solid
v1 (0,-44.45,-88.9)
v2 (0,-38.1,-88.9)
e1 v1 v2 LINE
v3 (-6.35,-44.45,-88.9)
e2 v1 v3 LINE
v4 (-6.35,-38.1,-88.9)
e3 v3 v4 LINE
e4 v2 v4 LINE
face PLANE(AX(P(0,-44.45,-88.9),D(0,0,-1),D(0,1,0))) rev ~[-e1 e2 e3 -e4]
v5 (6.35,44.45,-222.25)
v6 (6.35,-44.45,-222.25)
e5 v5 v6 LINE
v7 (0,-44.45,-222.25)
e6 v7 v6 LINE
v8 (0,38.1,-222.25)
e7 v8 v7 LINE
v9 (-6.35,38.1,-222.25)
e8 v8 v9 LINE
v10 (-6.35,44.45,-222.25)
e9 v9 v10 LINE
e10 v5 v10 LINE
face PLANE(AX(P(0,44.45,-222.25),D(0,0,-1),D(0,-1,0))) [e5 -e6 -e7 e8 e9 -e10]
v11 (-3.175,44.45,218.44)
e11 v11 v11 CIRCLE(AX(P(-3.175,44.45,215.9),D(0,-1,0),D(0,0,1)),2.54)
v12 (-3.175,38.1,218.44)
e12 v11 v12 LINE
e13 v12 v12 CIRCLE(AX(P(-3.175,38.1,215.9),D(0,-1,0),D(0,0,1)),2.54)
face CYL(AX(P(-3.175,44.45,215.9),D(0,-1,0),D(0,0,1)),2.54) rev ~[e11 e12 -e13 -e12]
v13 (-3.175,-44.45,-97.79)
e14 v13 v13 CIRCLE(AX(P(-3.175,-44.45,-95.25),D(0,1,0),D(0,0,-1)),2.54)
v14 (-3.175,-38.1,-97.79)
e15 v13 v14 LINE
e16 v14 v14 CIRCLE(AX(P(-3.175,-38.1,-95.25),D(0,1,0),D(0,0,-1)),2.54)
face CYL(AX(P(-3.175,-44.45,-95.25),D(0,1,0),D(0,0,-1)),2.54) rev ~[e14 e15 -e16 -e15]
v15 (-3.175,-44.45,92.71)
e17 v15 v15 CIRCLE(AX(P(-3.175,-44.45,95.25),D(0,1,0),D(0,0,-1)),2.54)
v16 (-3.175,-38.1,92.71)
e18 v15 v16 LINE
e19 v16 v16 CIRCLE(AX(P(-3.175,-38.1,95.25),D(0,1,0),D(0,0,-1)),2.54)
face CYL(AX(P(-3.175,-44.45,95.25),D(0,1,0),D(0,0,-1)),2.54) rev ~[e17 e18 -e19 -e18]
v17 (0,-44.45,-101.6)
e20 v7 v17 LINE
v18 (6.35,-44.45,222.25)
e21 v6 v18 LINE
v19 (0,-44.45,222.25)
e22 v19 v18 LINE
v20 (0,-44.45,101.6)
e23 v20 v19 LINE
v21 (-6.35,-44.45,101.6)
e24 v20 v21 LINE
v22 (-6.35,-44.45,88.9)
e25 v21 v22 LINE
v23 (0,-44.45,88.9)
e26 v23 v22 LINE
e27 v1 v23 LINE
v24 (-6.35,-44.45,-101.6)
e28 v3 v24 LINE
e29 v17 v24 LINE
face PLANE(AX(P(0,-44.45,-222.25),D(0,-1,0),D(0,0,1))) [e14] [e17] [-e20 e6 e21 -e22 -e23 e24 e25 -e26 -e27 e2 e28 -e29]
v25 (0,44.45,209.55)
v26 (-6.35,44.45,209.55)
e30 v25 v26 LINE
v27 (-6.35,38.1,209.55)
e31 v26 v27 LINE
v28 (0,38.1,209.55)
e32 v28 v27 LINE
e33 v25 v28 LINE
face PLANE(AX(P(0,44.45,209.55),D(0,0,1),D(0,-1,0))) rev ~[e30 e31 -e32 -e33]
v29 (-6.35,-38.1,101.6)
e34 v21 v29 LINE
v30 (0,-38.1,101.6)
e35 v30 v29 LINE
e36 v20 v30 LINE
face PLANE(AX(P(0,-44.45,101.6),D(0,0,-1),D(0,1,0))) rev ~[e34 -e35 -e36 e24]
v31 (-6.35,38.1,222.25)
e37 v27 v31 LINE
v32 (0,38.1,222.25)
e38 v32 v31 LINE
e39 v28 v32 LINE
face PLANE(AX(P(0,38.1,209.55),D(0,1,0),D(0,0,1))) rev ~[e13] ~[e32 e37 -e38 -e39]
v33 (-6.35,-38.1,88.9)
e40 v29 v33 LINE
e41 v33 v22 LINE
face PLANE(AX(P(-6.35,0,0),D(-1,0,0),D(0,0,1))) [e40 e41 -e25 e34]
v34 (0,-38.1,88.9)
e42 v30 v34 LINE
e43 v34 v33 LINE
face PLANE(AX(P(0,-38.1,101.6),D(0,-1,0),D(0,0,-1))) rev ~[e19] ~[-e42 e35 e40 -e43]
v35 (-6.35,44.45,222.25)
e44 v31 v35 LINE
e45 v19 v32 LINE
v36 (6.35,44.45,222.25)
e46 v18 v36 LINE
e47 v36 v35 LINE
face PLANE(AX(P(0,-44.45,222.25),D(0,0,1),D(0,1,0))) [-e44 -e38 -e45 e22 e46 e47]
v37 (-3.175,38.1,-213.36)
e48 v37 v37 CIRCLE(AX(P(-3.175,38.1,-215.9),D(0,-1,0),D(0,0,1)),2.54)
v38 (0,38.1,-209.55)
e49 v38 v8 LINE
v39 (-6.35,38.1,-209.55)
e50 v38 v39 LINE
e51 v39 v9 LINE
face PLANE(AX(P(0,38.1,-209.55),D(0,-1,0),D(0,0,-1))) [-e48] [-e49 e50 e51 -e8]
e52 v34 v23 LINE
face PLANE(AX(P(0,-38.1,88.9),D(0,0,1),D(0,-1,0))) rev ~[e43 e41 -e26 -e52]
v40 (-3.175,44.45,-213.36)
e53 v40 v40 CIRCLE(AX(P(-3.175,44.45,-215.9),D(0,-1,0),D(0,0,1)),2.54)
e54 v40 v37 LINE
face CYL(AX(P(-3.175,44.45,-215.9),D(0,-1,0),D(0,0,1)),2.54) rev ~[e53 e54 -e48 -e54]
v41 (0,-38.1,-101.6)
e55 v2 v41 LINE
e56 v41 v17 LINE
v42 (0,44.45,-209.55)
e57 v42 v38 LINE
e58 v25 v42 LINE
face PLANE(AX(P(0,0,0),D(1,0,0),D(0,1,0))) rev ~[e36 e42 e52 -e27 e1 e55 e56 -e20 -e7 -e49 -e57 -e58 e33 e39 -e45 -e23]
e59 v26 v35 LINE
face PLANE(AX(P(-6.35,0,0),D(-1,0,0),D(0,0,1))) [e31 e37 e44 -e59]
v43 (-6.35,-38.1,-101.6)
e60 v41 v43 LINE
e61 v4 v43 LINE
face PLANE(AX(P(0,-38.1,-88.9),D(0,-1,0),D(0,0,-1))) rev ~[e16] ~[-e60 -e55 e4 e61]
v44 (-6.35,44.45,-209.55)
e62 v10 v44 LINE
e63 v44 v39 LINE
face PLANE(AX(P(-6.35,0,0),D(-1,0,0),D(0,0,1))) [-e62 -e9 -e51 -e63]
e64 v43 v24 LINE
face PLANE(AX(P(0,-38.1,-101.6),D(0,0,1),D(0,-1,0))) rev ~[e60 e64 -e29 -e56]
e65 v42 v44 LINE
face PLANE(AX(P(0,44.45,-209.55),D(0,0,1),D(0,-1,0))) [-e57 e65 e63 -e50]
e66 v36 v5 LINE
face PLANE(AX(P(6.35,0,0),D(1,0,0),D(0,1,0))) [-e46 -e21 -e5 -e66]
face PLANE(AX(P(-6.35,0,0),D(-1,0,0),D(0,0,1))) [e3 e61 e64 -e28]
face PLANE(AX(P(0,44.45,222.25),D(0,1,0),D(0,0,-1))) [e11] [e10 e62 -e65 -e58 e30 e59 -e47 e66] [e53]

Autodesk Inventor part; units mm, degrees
ref_plane "YZ Plane" through (0, 0, 0) normal (1, 0, 0) x (0, 1, 0)
ref_plane "XZ Plane" through (0, 0, 0) normal (0, 1, 0) x (-1, 0, 0)
ref_plane "XY Plane" through (0, 0, 0) normal (0, 0, 1) x (1, 0, 0)
sketch "Sketch1" plane through (0, 0, 0) normal (1, 0, 0) x (0, 1, 0)
  line L0 (-44.45, 222.25) -> (44.45, 222.25)
  line L1 (44.45, 222.25) -> (44.45, -222.25)
  line L2 (44.45, -222.25) -> (-44.45, -222.25)
  line L3 (-44.45, -222.25) -> (-44.45, 222.25)
  line L4 (-44.45, 222.25) -> (44.45, -222.25) construction
  line L5 (44.45, 222.25) -> (-44.45, -222.25) construction
  point P0 (0, 0)
  dimension "d0" = 88.9
  dimension "d1" = 444.5
extrude "Extrusion1" add sketch "Sketch1" along normal blind 6.35
sketch "Sketch2" plane through (0, 0, 0) normal (-1, 0, 0) x (0, 0, 1)
  line L0 (-222.25, -44.45) -> (-222.25, 44.45) projected
  line L1 (-222.25, 44.45) -> (-209.55, 44.45)
  line L2 (-209.55, 44.45) -> (-209.55, 38.1)
  line L3 (-209.55, 38.1) -> (-222.25, 38.1)
  line L4 (-222.25, 38.1) -> (-222.25, 44.45)
  line L5 (-222.25, 44.45) -> (222.25, 44.45) projected
  line L6 (222.25, 44.45) -> (209.55, 44.45)
  line L7 (209.55, 44.45) -> (209.55, 38.1)
  line L8 (209.55, 38.1) -> (222.25, 38.1)
  line L9 (222.25, 38.1) -> (222.25, 44.45)
  line L10 (222.25, -44.45) -> (-222.25, -44.45) projected
  line L11 (-101.6, -44.45) -> (-88.9, -44.45)
  line L12 (-88.9, -44.45) -> (-88.9, -38.1)
  line L13 (-88.9, -38.1) -> (-101.6, -38.1)
  line L14 (-101.6, -38.1) -> (-101.6, -44.45)
  line L15 (88.9, -44.45) -> (101.6, -44.45)
  line L16 (101.6, -44.45) -> (101.6, -38.1)
  line L17 (101.6, -38.1) -> (88.9, -38.1)
  line L18 (88.9, -38.1) -> (88.9, -44.45)
  point P0 (0, 0)
  dimension "d4" = 12.7
  dimension "d5" = 6.35
  dimension "d6" = 6.35
  dimension "d7" = 12.7
  dimension "d8" = 6.35
  dimension "d9" = 12.7
  dimension "d10" = 12.7
  dimension "d11" = 88.9
  dimension "d12" = 88.9
extrude "Extrusion2" add sketch "Sketch2" along normal blind 6.35
sketch "Sketch3" plane through (6.35, 44.45, 222.25) normal (0, 1, 0) x (1, 0, 0)
  line L0 (-6.35, 120.65) -> (-6.35, 0) projected
  line L1 (0, 0) -> (-12.7, 0) projected
  line L2 (-12.7, 431.8) -> (-12.7, 444.5) projected
  line L3 (0, 444.5) -> (-12.7, 444.5) projected
  line L4 (-6.35, 431.8) -> (-12.7, 431.8) projected
  line L5 (-6.35, 12.7) -> (-12.7, 12.7) projected
  line L6 (-12.7, 0) -> (-12.7, 12.7) projected
  point P0 (-6.35, 222.25)
  point P1 (-9.525, 6.35)
  point P2 (-9.525, 438.15)
  dimension "d44" = 3.175
  dimension "d45" = 6.35
  dimension "d46" = 6.35
  dimension "d47" = 3.175
sketch "Sketch4" plane through (6.35, -44.45, -222.25) normal (0, -1, 0) x (1, 0, 0)
  line L0 (-6.35, 311.15) -> (-6.35, 323.85)
  line L1 (-6.35, 431.8) -> (-6.35, 12.7)
  line L2 (-6.35, 120.65) -> (-12.7, 120.65) projected
  line L3 (-12.7, 120.65) -> (-12.7, 133.35) projected
  line L4 (-12.7, 311.15) -> (-12.7, 323.85) projected
  line L5 (-6.35, 323.85) -> (-12.7, 323.85) projected
  point P0 (-6.35, 222.25)
  point P1 (-9.525, 317.5)
  point P2 (-9.525, 127)
  dimension "d33" = 3.175
  dimension "d34" = 6.35
  dimension "d35" = 3.175
  dimension "d36" = 6.35
hole "Hole3" at (-3.175, -44.45, 95.25) at (-3.175, -44.45, -95.25) direction (0, 1, 0) diameter 5.08 depth 6.35 tip angle 118
hole "Hole4" at (-3.175, 44.45, 215.9) at (-3.175, 44.45, -215.9) direction (0, -1, 0) diameter 5.08 depth 6.35 tip angle 118
equation "\"d6\" = d5"
equation "\"d7\" = d4"
equation "\"d8\" = d5"
equation "\"d9\" = d4"
equation "\"d10\" = d9"
equation "\"d46\" = d45"
equation "\"d47\" = d44"
equation "\"d35\" = d33"
equation "\"d36\" = d34"
equation "\"d42\" = d15"
equation "\"d53\" = d15"
equation "\"d15\" = d17"
equation "\"d17\" = d16"
equation "\"d16\" = 6.35"
properties part number "FrameTestinsidePlate"
